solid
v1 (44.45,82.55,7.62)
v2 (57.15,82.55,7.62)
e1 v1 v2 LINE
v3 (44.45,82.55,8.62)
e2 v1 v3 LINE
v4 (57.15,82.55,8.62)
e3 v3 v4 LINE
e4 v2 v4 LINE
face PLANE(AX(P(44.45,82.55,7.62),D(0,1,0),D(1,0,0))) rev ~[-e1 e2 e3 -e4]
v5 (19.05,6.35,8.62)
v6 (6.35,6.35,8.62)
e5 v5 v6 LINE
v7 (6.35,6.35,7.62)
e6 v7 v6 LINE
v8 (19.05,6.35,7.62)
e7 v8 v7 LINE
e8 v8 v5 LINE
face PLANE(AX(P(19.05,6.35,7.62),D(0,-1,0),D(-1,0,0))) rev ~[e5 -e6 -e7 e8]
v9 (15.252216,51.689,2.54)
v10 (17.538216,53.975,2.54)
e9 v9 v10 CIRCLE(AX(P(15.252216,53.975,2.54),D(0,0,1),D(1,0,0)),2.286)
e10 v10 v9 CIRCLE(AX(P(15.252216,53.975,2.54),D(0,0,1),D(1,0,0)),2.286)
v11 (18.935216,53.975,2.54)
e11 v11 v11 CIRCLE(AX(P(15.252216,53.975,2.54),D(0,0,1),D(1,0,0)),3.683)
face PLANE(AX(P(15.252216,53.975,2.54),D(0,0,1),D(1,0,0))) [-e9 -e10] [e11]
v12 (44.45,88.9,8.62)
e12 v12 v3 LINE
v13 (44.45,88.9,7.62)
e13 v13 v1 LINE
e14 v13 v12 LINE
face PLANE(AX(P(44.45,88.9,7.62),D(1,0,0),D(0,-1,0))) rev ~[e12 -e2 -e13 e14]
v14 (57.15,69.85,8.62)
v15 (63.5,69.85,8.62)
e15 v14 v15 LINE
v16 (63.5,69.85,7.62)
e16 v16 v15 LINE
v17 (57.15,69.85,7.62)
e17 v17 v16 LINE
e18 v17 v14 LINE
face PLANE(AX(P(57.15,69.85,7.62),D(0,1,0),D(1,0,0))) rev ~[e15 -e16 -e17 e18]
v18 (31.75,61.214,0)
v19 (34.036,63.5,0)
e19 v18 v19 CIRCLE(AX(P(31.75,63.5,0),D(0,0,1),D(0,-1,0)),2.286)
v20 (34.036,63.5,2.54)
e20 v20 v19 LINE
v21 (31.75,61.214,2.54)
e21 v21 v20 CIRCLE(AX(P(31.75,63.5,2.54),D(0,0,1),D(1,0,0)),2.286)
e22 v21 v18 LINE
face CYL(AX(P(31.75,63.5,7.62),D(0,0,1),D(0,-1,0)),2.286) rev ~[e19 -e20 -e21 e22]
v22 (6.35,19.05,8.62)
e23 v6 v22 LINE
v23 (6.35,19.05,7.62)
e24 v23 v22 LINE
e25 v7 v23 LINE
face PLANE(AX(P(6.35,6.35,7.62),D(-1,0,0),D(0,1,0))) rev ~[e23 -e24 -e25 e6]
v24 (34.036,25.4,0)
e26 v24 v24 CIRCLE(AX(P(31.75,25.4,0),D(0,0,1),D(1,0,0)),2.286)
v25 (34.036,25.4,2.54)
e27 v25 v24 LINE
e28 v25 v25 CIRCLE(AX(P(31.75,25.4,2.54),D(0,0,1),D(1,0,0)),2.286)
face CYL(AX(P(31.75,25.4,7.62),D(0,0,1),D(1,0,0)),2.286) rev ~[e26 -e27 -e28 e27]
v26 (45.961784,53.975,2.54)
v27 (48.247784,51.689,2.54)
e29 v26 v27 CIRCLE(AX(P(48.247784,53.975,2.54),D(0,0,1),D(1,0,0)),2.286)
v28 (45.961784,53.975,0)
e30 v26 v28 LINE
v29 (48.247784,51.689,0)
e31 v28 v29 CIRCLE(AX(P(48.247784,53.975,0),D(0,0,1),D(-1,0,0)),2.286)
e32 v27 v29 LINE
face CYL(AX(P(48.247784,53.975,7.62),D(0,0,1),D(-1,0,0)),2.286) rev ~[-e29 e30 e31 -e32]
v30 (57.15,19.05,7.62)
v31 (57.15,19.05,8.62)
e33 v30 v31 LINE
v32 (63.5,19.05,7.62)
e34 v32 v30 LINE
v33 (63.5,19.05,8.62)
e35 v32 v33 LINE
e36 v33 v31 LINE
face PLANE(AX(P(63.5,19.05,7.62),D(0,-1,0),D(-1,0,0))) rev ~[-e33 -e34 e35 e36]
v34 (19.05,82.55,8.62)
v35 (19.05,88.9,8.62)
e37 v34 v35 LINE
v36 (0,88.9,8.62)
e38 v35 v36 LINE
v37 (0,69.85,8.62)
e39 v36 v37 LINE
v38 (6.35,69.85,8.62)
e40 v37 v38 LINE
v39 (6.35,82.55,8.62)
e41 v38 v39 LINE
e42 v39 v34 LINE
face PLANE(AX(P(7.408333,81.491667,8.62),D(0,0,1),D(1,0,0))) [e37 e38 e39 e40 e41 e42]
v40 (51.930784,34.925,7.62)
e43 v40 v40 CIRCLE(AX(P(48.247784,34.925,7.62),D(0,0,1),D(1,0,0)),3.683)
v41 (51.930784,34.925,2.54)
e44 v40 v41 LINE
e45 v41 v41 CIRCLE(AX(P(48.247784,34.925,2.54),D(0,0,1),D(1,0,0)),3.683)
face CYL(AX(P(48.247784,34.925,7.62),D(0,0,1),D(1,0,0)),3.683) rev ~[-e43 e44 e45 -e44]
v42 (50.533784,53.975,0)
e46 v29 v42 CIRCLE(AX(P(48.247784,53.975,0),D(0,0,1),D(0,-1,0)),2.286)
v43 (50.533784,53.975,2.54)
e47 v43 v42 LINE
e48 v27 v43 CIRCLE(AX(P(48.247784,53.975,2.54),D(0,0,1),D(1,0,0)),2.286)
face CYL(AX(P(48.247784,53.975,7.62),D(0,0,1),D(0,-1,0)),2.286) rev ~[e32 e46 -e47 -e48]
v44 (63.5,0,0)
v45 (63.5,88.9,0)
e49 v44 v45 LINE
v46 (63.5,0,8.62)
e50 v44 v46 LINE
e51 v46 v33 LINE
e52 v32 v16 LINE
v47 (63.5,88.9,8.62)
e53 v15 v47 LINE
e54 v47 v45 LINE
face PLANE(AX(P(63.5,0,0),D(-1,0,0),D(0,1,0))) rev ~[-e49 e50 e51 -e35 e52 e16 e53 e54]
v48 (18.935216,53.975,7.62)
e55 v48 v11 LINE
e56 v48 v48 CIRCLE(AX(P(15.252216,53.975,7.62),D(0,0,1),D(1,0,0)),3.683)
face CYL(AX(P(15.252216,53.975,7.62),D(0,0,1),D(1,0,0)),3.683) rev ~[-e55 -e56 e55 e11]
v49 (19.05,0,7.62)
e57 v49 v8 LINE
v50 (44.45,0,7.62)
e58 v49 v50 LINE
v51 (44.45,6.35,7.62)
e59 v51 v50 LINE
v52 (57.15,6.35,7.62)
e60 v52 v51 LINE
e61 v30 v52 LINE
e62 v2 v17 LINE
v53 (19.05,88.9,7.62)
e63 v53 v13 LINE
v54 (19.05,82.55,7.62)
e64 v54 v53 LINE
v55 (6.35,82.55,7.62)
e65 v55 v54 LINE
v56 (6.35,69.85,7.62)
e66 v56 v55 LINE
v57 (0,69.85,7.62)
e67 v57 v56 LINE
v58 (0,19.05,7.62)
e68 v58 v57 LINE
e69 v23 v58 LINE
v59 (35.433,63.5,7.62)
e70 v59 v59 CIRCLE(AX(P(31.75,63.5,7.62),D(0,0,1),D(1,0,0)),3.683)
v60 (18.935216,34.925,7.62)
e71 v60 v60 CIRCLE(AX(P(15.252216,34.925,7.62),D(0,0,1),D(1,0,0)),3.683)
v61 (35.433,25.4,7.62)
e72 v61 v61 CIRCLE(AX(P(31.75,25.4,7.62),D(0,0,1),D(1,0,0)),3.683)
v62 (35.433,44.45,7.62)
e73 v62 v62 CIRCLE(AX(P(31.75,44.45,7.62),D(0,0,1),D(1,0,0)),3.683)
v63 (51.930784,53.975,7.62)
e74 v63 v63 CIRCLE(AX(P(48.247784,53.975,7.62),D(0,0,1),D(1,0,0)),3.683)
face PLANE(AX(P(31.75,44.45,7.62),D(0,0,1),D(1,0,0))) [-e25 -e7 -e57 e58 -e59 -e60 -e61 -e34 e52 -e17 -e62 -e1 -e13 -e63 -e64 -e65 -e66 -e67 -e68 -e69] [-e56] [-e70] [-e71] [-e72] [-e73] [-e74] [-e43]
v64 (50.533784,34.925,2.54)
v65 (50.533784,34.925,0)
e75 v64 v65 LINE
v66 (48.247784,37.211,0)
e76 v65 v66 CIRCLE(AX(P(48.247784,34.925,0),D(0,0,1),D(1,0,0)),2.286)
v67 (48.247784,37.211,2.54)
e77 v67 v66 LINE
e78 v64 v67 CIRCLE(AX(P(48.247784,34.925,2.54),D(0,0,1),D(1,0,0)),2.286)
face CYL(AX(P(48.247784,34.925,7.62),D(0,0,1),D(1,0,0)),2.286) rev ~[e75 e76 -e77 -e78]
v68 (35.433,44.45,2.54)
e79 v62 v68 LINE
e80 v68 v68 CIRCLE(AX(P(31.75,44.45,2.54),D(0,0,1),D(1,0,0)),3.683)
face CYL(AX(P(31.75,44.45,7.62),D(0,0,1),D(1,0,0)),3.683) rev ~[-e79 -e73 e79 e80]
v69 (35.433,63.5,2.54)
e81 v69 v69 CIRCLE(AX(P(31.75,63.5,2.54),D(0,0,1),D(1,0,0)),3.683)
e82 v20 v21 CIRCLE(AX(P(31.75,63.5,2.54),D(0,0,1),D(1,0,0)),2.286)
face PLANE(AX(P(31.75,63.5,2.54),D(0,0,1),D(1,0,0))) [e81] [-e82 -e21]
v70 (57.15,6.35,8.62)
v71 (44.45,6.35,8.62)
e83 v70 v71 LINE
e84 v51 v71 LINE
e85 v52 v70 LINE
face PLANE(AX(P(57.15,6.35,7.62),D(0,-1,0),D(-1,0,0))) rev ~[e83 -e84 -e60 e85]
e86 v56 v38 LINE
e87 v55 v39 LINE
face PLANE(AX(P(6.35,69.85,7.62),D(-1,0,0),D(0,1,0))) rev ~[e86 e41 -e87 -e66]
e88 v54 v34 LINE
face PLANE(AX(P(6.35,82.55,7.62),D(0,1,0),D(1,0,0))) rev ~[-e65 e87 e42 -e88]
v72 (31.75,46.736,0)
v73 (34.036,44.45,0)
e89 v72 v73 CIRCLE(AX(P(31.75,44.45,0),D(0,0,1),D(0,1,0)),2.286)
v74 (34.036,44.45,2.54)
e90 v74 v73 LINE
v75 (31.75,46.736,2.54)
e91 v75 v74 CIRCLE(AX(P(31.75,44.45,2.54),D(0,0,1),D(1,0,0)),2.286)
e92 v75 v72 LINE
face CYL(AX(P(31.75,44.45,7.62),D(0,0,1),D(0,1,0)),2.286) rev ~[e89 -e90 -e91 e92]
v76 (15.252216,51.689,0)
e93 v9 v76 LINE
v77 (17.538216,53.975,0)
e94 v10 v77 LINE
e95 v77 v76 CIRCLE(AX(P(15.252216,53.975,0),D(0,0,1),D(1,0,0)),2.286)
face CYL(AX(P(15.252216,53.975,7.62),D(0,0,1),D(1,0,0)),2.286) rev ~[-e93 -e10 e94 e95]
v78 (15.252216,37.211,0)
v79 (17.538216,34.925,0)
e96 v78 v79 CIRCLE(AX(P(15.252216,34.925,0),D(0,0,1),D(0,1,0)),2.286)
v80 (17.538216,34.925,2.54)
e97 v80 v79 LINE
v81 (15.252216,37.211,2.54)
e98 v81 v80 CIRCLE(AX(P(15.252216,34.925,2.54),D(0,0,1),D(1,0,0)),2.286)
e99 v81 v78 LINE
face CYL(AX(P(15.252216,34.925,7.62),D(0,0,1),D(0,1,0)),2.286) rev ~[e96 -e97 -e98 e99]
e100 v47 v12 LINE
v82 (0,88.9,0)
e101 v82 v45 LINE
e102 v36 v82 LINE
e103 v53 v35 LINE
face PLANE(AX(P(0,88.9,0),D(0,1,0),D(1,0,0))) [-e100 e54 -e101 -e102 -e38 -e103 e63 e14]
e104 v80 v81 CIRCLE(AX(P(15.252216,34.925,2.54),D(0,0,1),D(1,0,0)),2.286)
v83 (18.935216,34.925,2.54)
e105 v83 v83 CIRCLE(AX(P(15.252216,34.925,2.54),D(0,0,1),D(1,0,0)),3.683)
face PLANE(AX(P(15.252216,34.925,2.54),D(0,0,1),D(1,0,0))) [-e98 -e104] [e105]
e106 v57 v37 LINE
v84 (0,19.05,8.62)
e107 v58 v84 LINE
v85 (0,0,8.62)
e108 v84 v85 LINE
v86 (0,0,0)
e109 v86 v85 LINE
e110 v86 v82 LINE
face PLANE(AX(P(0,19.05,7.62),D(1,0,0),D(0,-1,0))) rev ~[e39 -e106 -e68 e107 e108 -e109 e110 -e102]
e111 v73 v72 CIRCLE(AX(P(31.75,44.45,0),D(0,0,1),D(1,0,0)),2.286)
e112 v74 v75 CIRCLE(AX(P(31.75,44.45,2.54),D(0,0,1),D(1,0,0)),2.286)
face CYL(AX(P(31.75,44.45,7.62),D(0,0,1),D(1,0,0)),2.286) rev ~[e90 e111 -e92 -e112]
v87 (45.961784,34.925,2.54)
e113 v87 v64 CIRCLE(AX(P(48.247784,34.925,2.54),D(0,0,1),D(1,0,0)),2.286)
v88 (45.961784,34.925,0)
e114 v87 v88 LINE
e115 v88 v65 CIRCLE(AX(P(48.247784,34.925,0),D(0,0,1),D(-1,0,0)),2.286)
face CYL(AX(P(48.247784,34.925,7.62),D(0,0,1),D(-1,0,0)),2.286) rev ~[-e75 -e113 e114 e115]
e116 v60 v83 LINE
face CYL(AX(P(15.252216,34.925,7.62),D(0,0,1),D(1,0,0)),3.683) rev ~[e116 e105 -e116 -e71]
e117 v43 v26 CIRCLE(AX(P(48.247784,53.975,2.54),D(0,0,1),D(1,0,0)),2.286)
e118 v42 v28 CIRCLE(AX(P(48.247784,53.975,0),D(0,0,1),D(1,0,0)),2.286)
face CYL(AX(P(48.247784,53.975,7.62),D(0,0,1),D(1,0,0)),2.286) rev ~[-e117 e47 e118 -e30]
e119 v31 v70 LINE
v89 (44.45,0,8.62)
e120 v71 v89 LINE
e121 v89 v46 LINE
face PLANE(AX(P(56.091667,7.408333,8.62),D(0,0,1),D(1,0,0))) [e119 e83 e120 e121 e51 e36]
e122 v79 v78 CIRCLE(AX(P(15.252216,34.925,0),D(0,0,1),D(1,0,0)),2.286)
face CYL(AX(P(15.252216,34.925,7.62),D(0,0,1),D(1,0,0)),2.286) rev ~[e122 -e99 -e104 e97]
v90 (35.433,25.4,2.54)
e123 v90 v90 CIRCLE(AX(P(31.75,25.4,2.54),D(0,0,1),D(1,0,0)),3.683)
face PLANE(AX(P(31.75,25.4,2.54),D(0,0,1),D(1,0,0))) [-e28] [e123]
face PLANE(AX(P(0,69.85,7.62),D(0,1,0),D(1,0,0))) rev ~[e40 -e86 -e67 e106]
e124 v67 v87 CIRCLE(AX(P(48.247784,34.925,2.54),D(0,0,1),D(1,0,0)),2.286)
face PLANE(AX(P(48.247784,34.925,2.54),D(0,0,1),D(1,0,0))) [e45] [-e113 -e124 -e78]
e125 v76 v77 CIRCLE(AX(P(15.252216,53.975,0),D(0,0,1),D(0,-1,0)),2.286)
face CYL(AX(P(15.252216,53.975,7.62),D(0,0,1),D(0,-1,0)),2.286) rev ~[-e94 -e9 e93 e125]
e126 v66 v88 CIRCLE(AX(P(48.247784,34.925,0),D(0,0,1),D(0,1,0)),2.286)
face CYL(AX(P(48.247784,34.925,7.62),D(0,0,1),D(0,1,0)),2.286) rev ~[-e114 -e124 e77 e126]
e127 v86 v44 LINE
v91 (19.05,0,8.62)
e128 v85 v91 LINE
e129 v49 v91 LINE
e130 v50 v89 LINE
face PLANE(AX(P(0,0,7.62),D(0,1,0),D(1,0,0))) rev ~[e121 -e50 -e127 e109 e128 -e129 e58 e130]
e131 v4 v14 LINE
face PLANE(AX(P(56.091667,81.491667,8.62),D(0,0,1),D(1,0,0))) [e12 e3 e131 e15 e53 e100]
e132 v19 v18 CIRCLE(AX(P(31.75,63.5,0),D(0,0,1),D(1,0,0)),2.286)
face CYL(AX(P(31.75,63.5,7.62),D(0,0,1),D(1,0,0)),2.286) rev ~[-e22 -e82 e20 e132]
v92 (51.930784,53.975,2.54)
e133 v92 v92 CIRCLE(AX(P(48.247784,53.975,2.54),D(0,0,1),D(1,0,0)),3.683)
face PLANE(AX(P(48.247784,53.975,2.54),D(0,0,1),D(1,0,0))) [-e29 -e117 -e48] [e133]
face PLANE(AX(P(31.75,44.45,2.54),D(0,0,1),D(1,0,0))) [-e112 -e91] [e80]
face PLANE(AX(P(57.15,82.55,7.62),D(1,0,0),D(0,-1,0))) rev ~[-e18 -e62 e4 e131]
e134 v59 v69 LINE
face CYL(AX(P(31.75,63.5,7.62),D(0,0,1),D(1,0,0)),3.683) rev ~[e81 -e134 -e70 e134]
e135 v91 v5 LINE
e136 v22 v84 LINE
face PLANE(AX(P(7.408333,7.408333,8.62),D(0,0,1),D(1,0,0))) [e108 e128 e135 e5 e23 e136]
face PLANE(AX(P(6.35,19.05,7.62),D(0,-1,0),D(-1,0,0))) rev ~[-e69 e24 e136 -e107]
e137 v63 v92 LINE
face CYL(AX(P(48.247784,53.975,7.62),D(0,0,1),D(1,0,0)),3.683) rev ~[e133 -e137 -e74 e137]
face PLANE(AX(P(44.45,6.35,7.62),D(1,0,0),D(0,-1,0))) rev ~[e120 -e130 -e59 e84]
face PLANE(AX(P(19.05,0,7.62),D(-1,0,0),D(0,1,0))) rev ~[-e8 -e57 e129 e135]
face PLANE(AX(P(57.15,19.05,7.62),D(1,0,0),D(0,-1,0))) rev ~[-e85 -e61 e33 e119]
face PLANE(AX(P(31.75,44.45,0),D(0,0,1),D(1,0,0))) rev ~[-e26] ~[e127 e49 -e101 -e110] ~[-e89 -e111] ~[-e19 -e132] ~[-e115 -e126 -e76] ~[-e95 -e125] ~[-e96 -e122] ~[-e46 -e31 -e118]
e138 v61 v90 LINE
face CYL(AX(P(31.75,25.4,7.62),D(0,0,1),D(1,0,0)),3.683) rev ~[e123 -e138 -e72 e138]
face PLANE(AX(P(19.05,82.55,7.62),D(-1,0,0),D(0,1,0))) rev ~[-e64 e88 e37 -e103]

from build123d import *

# Parameters (mm, degrees)
F0_W     = 63.5
F0_H     = 88.9
F1_DEPTH = 7.62
F2_R     = 2.286
F3_DEPTH = 25.4
F4_R     = 3.683
F4_R_2   = 2.286
F5_DEPTH = 5.08
F7_DEPTH = 1


with BuildPart() as f1:
    # F0 (on Top) → F1 (new body)
    with BuildSketch(Plane.XY):
        with Locations((31.75, 44.45)):
            Rectangle(F0_W, F0_H)
    extrude(amount=F1_DEPTH)

    # F2 (on face) → F3 (cut)
    with BuildSketch(Plane.XY.offset(7.62)):
        with BuildLine():
            ThreePointArc((34.036, 63.5), (30.1335538982, 65.1164461018), (31.75, 61.214))
            ThreePointArc((31.75, 61.214), (33.3664461018, 61.8835538982), (34.036, 63.5))
        make_face()
        with Locations((31.75, 25.4)):
            Circle(F2_R)
        with BuildLine():
            Line((48.2477839421, 34.925), (48.2477839421, 37.211))
            ThreePointArc((48.2477839421, 37.211), (46.6313378403, 36.5414461018), (45.9617839421, 34.925))
            Line((45.9617839421, 34.925), (48.2477839421, 34.925))
        make_face()
        with BuildLine():
            ThreePointArc((50.5337839421, 34.925), (49.8642300439, 36.5414461018), (48.2477839421, 37.211))
            Line((48.2477839421, 37.211), (48.2477839421, 34.925))
            Line((48.2477839421, 34.925), (45.9617839421, 34.925))
            ThreePointArc((45.9617839421, 34.925), (48.2477839421, 32.639), (50.5337839421, 34.925))
        make_face()
        with BuildLine():
            Line((48.2477839421, 53.975), (45.9617839421, 53.975))
            ThreePointArc((45.9617839421, 53.975), (46.6313378403, 52.3585538982), (48.2477839421, 51.689))
            Line((48.2477839421, 51.689), (48.2477839421, 53.975))
        make_face()
        with BuildLine():
            ThreePointArc((50.5337839421, 53.975), (48.2477839421, 56.261), (45.9617839421, 53.975))
            Line((45.9617839421, 53.975), (48.2477839421, 53.975))
            Line((48.2477839421, 53.975), (48.2477839421, 51.689))
            ThreePointArc((48.2477839421, 51.689), (49.8642300439, 52.3585538982), (50.5337839421, 53.975))
        make_face()
        with BuildLine():
            Line((15.2522160579, 53.975), (17.5382160579, 53.975))
            ThreePointArc((17.5382160579, 53.975), (13.6357699561, 55.5914461018), (15.2522160579, 51.689))
            Line((15.2522160579, 51.689), (15.2522160579, 53.975))
        make_face()
        with BuildLine():
            ThreePointArc((15.2522160579, 51.689), (16.8686621597, 52.3585538982), (17.5382160579, 53.975))
            Line((17.5382160579, 53.975), (15.2522160579, 53.975))
            Line((15.2522160579, 53.975), (15.2522160579, 51.689))
        make_face()
        with BuildLine():
            ThreePointArc((17.5382160579, 34.925), (16.8686621597, 36.5414461018), (15.2522160579, 37.211))
            Line((15.2522160579, 37.211), (15.2522160579, 34.925))
            Line((15.2522160579, 34.925), (17.5382160579, 34.925))
        make_face()
        with BuildLine():
            Line((15.2522160579, 34.925), (15.2522160579, 37.211))
            ThreePointArc((15.2522160579, 37.211), (13.6357699561, 33.3085538982), (17.5382160579, 34.925))
            Line((17.5382160579, 34.925), (15.2522160579, 34.925))
        make_face()
        with BuildLine():
            ThreePointArc((31.75, 46.736), (30.1335538982, 42.8335538982), (34.036, 44.45))
            ThreePointArc((34.036, 44.45), (33.3664461018, 46.0664461018), (31.75, 46.736))
        make_face()
    extrude(amount=-F3_DEPTH, mode=Mode.SUBTRACT)

    # F4 (on face) → F5 (cut)
    with BuildSketch(Plane.XY.offset(7.62)):
        with Locations((15.2522160579, 34.925)):
            Circle(F4_R)
        with Locations((15.2522160579, 34.925)):
            Circle(F4_R_2, mode=Mode.SUBTRACT)
        with Locations((15.2522160579, 53.975)):
            Circle(F4_R)
        with Locations((15.2522160579, 53.975)):
            Circle(F4_R_2, mode=Mode.SUBTRACT)
        with Locations((31.75, 63.5)):
            Circle(F4_R)
        with Locations((31.75, 63.5)):
            Circle(F4_R_2, mode=Mode.SUBTRACT)
        with Locations((48.2477839421, 53.975)):
            Circle(F4_R)
        with Locations((48.2477839421, 53.975)):
            Circle(F4_R_2, mode=Mode.SUBTRACT)
        with Locations((48.2477839421, 34.925)):
            Circle(F4_R)
        with Locations((48.2477839421, 34.925)):
            Circle(F4_R_2, mode=Mode.SUBTRACT)
        with Locations((31.75, 25.4)):
            Circle(F4_R)
        with Locations((31.75, 25.4)):
            Circle(F4_R_2, mode=Mode.SUBTRACT)
        with Locations((31.75, 44.45)):
            Circle(F4_R)
        with Locations((31.75, 44.45)):
            Circle(F4_R_2, mode=Mode.SUBTRACT)
    extrude(amount=-F5_DEPTH, mode=Mode.SUBTRACT)

    # F6 (on face) → F7 (join)
    with BuildSketch(Plane.XY.offset(7.62)):
        Polygon((6.35, 19.05), (0, 19.05), (0, 0), (19.05, 0), (19.05, 6.35), (6.35, 6.35), align=None)
        Polygon((44.45, 6.35), (44.45, 0), (63.5, 0), (63.5, 19.05), (57.15, 19.05), (57.15, 6.35), align=None)
        Polygon((63.5, 88.9), (44.45, 88.9), (44.45, 82.55), (57.15, 82.55), (57.15, 69.85), (63.5, 69.85), align=None)
        Polygon((0, 88.9), (0, 69.85), (6.35, 69.85), (6.35, 82.55), (19.05, 82.55), (19.05, 88.9), align=None)
    extrude(amount=F7_DEPTH)


solid = f1.part
